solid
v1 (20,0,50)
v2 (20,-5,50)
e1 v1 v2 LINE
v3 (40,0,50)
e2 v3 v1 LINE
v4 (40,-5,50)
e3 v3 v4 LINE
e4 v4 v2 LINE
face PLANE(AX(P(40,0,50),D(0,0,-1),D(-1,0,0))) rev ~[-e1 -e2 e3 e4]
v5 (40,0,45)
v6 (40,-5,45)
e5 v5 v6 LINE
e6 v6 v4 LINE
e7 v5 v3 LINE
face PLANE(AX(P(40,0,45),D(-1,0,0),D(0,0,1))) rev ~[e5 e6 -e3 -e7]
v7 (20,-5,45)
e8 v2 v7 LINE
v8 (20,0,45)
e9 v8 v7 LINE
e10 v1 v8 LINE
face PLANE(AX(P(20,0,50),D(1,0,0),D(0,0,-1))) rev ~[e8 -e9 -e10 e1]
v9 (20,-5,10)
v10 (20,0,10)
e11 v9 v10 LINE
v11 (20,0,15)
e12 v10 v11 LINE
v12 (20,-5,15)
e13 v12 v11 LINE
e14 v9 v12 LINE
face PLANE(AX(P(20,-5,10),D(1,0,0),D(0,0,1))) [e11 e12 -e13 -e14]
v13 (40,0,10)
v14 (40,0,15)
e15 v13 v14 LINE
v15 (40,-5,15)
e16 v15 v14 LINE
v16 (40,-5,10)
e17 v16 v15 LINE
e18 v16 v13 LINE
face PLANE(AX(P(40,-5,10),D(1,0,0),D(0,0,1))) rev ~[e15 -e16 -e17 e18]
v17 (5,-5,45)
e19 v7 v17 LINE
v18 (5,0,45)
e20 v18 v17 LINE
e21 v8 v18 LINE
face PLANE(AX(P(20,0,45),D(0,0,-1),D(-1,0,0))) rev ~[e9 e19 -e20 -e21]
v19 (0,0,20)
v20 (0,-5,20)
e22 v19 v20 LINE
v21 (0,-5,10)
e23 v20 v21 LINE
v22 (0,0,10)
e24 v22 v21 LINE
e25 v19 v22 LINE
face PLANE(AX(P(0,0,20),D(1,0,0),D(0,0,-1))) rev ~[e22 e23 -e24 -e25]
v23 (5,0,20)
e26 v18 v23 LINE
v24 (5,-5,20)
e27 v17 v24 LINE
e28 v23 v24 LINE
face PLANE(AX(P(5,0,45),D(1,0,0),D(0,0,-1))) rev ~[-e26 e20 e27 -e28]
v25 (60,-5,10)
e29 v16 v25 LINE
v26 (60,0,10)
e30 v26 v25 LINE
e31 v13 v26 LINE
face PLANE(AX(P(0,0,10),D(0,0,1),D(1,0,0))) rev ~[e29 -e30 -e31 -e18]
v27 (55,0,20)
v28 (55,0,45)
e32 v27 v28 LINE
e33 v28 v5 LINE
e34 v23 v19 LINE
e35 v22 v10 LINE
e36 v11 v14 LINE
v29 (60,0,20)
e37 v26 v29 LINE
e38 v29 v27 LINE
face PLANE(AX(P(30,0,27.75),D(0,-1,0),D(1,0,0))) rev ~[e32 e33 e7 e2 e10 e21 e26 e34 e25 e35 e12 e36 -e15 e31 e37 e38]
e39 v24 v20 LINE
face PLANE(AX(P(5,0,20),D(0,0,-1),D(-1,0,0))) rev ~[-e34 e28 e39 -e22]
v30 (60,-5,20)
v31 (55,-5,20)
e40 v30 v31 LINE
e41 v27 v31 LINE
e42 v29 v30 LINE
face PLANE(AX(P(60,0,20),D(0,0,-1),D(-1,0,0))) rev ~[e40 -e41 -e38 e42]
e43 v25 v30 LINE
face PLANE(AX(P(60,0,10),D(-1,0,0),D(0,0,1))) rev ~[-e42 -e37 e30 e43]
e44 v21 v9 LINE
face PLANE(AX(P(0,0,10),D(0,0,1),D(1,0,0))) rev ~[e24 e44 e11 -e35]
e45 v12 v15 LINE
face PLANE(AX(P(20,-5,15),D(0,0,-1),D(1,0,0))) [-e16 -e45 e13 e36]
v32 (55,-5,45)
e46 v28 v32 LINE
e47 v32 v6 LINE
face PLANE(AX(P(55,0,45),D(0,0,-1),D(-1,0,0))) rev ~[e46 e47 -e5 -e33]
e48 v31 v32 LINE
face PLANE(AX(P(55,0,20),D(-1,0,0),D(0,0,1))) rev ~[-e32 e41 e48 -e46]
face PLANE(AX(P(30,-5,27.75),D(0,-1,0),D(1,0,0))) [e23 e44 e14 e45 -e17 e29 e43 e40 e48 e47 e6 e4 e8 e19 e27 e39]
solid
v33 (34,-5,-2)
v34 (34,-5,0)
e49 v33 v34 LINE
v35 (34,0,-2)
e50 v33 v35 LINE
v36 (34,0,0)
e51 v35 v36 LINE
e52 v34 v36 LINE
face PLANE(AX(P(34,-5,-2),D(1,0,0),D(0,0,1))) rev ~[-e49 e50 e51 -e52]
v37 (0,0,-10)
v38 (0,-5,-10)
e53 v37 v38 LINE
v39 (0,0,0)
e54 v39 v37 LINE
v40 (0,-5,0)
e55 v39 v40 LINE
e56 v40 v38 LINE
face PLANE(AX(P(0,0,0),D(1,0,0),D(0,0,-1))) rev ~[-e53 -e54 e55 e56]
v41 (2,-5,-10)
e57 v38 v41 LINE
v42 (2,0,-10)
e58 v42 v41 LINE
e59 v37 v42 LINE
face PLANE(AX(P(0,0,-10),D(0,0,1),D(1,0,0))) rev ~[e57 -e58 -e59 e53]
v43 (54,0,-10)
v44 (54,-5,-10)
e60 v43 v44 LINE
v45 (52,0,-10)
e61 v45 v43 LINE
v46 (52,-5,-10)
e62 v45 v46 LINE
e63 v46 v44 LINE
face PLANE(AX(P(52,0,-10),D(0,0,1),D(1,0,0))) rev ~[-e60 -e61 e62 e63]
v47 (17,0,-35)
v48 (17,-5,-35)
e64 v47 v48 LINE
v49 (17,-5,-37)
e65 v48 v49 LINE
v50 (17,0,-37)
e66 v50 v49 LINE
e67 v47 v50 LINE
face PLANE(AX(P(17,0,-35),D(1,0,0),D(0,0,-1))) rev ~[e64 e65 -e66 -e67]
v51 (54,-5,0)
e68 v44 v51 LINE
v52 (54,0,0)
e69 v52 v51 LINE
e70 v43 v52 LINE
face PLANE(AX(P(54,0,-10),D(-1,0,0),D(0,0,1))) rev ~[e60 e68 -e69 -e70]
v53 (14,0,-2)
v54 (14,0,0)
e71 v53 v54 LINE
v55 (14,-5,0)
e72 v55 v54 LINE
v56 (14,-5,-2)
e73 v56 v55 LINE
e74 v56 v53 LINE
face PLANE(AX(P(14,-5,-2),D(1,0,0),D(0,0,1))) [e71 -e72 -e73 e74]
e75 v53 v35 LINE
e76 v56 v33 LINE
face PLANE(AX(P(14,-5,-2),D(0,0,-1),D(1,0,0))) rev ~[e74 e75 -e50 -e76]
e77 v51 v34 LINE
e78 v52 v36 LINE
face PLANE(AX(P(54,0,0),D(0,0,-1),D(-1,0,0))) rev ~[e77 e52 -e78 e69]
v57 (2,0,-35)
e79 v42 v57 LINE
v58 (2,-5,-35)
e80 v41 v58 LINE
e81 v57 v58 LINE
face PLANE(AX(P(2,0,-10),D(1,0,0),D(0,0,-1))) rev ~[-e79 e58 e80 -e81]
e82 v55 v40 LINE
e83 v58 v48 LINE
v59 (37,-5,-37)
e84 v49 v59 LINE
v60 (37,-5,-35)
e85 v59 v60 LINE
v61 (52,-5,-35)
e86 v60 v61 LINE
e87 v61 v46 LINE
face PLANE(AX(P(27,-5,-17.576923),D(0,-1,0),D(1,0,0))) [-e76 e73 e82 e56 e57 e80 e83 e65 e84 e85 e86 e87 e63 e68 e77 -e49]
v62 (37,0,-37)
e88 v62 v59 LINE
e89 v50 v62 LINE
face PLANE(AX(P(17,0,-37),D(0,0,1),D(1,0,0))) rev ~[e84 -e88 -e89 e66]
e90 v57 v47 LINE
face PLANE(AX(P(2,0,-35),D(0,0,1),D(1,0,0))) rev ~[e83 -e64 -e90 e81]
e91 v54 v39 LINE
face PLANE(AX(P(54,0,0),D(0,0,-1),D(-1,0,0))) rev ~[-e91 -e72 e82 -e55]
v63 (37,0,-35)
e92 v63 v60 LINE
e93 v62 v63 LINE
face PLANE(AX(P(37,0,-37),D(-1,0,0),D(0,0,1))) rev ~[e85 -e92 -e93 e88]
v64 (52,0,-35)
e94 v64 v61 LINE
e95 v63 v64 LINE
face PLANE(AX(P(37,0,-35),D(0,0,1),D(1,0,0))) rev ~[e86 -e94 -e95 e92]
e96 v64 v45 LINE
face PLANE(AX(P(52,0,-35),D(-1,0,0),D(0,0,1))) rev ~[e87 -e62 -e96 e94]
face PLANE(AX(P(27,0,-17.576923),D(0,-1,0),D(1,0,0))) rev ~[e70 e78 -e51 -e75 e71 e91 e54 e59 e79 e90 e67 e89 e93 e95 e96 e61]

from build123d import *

# Parameters (mm, degrees)
F2_DEPTH = 5
F3_W     = 20
F3_H     = 2
F5_DEPTH = 5
F4_W     = 20
F4_H     = 5
F6_DEPTH = 5


with BuildPart() as f2:
    # F1 (on Front) + F0 (on Front) → F2 (new body)
    with BuildSketch(Plane.XZ):
        Polygon((0, 20), (0, 10), (60, 10), (60, 20), (55, 20), (55, 45), (40, 45), (40, 50), (20, 50), (20, 45), (5, 45), (5, 20), align=None)
    with BuildSketch(Plane.XZ):
        Polygon((54, 0), (0, 0), (0, -10), (2, -10), (2, -35), (17, -35), (17, -37), (37, -37), (37, -35), (52, -35), (52, -10), (54, -10), align=None)
    extrude(amount=F2_DEPTH)

    # F3 (on face) → F5 (cut)
    with BuildSketch(Plane.XZ.offset(5)):
        with Locations((24, -1)):
            Rectangle(F3_W, F3_H)
    extrude(amount=-F5_DEPTH, mode=Mode.SUBTRACT)

    # F4 (on face) → F6 (cut)
    with BuildSketch(Plane.XZ.offset(5)):
        with Locations((30, 12.5)):
            Rectangle(F4_W, F4_H)
    extrude(amount=-F6_DEPTH, mode=Mode.SUBTRACT)


solid = f2.part
